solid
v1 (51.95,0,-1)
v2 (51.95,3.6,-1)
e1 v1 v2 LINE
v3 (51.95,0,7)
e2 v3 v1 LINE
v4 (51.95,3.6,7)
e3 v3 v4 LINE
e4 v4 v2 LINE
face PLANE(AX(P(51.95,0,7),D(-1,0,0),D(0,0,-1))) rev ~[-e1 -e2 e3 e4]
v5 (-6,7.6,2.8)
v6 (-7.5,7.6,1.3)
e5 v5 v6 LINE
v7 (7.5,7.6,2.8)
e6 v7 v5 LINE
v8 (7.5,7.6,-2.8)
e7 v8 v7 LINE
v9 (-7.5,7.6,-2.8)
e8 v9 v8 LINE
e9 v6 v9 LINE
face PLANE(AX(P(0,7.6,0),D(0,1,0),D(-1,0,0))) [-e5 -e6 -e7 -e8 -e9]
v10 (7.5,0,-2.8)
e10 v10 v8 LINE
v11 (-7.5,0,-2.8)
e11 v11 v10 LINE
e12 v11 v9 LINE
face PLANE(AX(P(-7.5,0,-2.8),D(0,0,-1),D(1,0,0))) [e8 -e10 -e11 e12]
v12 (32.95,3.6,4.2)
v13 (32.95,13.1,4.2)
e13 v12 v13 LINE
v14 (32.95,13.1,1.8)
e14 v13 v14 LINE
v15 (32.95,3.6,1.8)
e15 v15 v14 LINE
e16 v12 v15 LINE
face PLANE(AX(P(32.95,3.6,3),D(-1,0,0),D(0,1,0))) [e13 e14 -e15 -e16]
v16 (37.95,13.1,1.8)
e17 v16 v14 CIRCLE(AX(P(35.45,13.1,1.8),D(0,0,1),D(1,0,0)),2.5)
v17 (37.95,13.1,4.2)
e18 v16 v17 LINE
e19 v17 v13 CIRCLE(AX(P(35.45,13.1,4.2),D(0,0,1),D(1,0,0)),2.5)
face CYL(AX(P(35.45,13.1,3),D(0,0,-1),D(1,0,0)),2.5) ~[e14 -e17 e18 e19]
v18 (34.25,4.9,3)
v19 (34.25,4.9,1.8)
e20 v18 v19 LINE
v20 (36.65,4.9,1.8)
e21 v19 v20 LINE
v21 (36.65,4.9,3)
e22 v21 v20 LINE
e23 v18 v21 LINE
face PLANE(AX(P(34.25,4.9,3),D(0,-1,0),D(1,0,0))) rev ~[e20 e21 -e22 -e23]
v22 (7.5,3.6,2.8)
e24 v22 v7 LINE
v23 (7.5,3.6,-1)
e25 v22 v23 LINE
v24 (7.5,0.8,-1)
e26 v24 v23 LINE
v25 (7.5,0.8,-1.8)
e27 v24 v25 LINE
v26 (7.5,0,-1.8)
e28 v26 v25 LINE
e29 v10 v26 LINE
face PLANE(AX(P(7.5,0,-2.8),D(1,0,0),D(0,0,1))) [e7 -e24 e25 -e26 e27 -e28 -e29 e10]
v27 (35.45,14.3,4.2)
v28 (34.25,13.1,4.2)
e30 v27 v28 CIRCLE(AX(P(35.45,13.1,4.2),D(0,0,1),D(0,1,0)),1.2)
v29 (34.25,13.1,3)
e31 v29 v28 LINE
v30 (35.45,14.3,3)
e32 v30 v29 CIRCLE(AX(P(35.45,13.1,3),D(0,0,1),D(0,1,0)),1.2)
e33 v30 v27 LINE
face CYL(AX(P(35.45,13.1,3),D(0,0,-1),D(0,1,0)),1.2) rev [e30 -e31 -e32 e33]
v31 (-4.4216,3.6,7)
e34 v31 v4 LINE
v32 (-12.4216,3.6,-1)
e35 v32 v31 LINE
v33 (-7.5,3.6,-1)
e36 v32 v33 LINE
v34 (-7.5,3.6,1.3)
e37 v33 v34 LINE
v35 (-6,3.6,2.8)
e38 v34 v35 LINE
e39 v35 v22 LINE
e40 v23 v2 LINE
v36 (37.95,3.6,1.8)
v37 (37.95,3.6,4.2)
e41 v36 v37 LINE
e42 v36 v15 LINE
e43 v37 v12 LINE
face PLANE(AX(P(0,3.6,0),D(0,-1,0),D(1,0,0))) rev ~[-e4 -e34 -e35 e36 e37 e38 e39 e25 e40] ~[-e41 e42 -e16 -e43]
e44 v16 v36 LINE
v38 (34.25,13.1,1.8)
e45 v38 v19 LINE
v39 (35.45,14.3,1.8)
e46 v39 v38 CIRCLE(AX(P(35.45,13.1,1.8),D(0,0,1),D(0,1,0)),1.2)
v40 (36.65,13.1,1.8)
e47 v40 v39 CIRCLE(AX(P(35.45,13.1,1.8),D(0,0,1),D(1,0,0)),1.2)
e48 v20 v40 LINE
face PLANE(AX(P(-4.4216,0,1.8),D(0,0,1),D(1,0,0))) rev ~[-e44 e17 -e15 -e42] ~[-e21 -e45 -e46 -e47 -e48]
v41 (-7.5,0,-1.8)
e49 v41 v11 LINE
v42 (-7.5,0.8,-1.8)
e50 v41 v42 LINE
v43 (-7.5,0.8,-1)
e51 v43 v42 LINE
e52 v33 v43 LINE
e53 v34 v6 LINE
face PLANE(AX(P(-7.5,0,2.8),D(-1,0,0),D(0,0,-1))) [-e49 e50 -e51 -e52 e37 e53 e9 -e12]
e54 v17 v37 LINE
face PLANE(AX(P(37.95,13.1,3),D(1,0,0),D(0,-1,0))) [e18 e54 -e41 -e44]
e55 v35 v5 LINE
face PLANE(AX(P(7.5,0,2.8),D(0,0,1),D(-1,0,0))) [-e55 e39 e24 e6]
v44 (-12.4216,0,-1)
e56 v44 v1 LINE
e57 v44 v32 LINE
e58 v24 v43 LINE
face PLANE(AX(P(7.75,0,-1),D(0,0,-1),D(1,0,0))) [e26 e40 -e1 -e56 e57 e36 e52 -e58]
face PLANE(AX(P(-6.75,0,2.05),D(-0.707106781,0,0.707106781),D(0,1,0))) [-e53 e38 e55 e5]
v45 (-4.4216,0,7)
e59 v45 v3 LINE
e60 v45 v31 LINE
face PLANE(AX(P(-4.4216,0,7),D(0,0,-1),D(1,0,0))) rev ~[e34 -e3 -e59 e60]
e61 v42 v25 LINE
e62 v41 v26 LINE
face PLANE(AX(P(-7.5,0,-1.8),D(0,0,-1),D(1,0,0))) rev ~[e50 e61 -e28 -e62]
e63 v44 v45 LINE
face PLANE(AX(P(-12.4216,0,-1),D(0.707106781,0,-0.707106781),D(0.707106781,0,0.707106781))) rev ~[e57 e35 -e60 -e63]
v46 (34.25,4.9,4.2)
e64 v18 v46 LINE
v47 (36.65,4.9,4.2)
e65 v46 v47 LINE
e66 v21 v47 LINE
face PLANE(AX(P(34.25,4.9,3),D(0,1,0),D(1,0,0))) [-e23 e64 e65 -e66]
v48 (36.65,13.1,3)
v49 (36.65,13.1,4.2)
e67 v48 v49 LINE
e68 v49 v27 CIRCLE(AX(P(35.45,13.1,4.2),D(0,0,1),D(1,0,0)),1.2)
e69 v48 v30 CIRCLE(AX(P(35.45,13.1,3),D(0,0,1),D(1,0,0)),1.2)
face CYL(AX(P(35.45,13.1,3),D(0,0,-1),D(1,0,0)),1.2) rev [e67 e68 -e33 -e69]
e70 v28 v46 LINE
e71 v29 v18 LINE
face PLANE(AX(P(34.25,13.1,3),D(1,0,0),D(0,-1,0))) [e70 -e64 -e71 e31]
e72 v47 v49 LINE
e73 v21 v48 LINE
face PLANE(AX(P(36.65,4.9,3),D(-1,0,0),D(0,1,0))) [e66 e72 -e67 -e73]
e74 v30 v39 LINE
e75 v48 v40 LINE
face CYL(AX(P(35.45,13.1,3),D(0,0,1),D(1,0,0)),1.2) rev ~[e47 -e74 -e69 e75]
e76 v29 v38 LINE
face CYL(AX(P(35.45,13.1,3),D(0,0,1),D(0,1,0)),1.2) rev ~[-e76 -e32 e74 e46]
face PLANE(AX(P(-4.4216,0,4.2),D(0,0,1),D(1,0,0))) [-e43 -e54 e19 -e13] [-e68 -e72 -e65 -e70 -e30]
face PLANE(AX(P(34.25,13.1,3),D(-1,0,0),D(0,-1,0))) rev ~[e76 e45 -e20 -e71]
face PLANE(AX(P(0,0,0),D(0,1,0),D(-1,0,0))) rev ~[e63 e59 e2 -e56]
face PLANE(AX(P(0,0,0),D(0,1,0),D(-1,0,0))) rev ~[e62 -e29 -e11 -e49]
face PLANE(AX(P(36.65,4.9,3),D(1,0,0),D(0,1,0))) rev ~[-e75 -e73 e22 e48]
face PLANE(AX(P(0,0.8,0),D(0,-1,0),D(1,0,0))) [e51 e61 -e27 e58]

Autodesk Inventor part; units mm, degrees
ref_plane "YZ Plane" through (0, 0, 0) normal (1, 0, 0) x (0, 1, 0)
ref_plane "XZ Plane" through (0, 0, 0) normal (0, 1, 0) x (-1, 0, 0)
ref_plane "XY Plane" through (0, 0, 0) normal (0, 0, 1) x (1, 0, 0)
sketch "Эскиз1" plane through (0, 0, 0) normal (0, 1, 0) x (-1, 0, 0)
  line L0 (-7.5, 2.8) -> (7.5, 2.8)
  line L1 (7.5, 2.8) -> (7.5, -2.8)
  line L2 (7.5, -2.8) -> (-7.5, -2.8)
  line L3 (-7.5, -2.8) -> (-7.5, 2.8)
  line L4 (-7.5, 2.8) -> (7.5, -2.8) construction
  line L5 (7.5, 2.8) -> (-7.5, -2.8) construction
  point P0 (0, 0)
  dimension "d0" = 15
  dimension "d1" = 5.6
extrude "Выдавливание1" add sketch "Эскиз1" along normal blind 7.6
chamfer "Фаска1" distance 1.5 angle 45 1 edges at (-7.5, 3.8, 2.8)
sketch "Эскиз2" plane through (0, 0, 0) normal (0, -1, 0) x (1, 0, 0)
  line L0 (112.65, -2) -> (112.65, 2) projected
  line L1 (112.65, -2) -> (118.15, -2) projected
  line L2 (118.15, -2) -> (118.15, -0.4142) projected
  line L3 (118.15, -0.4142) -> (109.7358, 8) projected
  line L4 (109.7358, 8) -> (-4.8358, 8) projected
  line L5 (-4.8358, 8) -> (-13.25, -0.4142) projected
  line L6 (-13.25, -0.4142) -> (-13.25, -2) projected
  line L7 (-13.25, -2) -> (-7.75, -2) projected
  line L8 (-7.75, 2) -> (-7.75, -2) projected
  line L9 (-6.75, 3) -> (-7.75, 2) projected
  line L10 (7.75, 3) -> (-6.75, 3) projected
  line L11 (7.75, -2) -> (7.75, 3) projected
  line L12 (7.75, -2) -> (97.15, -2) projected
  line L13 (97.15, 3) -> (97.15, -2) projected
  line L14 (111.65, 3) -> (97.15, 3) projected
  line L15 (112.65, 2) -> (111.65, 3) projected
  line L16 (52.45, 8) -> (52.45, -2) construction
  line L17 (-9.25, -1) -> (-12.4216, -1)
  line L18 (-12.4216, -1) -> (-4.4216, 7)
  line L19 (-4.4216, 7) -> (109.3216, 7)
  line L20 (109.3216, 7) -> (117.3216, -1)
  line L21 (-9.25, -1) -> (117.3216, -1)
  line L22 (52.45, 7) -> (51.95, 7) construction
  line L23 (51.95, 7) -> (51.95, -1)
  line L24 (51.95, -1) -> (52.45, -1) construction
  line L25 (52.45, -1) -> (52.45, 7) construction
  line L26 (72.15, 1.6) -> (66.75, 1.6) projected
  line L27 (66.75, 1.6) -> (66.75, 4.4) projected
  line L28 (66.75, 4.4) -> (72.15, 4.4) projected
  line L29 (72.15, 4.4) -> (72.15, 1.6) projected
  line L30 (38.15, 1.6) -> (32.75, 1.6) projected
  line L31 (32.75, 1.6) -> (32.75, 4.4) projected
  line L32 (32.75, 4.4) -> (38.15, 4.4) projected
  line L33 (38.15, 4.4) -> (38.15, 1.6) projected
  point P0 (0, 0)
  point P1 (51.95, 7)
  dimension "d7" = 1
  dimension "d8" = 0.5
extrude "Выдавливание2" add sketch "Эскиз2" against normal blind 3.6 contours L21 L11 L10 L9 L8 L17 L18 L19 L23 | L21 L8 L9 L10 L11 | L30 L31 L32 L33
ref_plane "РабПлоскость1" through (-4.4216, 0, 3) normal (0, 0, 1) x (1, 0, 0)
sketch "Эскиз4" plane through (-4.4216, 0, 3) normal (0, 0, 1) x (1, 0, 0)
  line L0 (56.3716, 0) -> (56.3716, 3.6) construction
  line L1 (56.3716, 3.6) -> (42.3716, 3.6) construction
  line L2 (0, 3.6) -> (56.3716, 3.6) construction
  line L3 (42.3716, 3.6) -> (37.3716, 3.6)
  line L4 (37.3716, 3.6) -> (37.3716, 13.1)
  line L5 (39.8716, 15.6) -> (39.8716, 15.6)
  line L6 (42.3716, 13.1) -> (42.3716, 3.6)
  arc A0 (39.8716, 15.6) -> (37.3716, 13.1) centre (39.8716, 13.1) ccw
  arc A1 (42.3716, 13.1) -> (39.8716, 15.6) centre (39.8716, 13.1) ccw
  line L7 (39.8716, 14.3) -> (39.8716, 14.3)
  arc A2 (39.8716, 14.3) -> (38.6716, 13.1) centre (39.8716, 13.1) ccw
  line L8 (38.6716, 13.1) -> (38.6716, 4.9)
  line L9 (38.6716, 4.9) -> (41.0716, 4.9)
  line L10 (41.0716, 4.9) -> (41.0716, 13.1)
  arc A3 (41.0716, 13.1) -> (39.8716, 14.3) centre (39.8716, 13.1) ccw
  point P0 (4.4216, 0)
  point P1 (37.3716, 15.6)
  point P2 (42.3716, 15.6)
  dimension "d16" = 14
  dimension "d17" = 5
  dimension "d18" = 12
  dimension "d19" = 2.5
  dimension "d20" = 1.3
extrude "Выдавливание3" add sketch "Эскиз4" along normal mid plane 2.4
sketch "Эскиз6" plane through (0, 0, 0) normal (0, -1, 0) x (1, 0, 0)
  line L0 (7.5, -2.8) -> (-7.5, -2.8) construction
  line L1 (7.5, 2.8) -> (7.5, -2.8) projected
  line L2 (-7.5, -2.8) -> (7.5, -2.8) construction
  line L3 (7.5, -2.8) -> (7.5, -1.8) construction
  line L4 (7.5, -1.8) -> (-7.5, -1.8) construction
  line L5 (-7.5, -1.8) -> (-7.5, -2.8) construction
  line L6 (7.5, -1) -> (51.95, -1) projected
  line L7 (-7.5, -1.8) -> (7.5, -1.8)
  line L8 (7.5, -1.8) -> (7.5, -1)
  line L9 (7.5, -1) -> (-7.5, -1)
  line L10 (-7.5, -1) -> (-7.5, -1.8)
  point P0 (0, 0)
  dimension "d23" = 1
  dimension "d24" = 15
extrude "Выдавливание4" cut sketch "Эскиз6" against normal blind 0.8
properties part number "microswitch_cap"
